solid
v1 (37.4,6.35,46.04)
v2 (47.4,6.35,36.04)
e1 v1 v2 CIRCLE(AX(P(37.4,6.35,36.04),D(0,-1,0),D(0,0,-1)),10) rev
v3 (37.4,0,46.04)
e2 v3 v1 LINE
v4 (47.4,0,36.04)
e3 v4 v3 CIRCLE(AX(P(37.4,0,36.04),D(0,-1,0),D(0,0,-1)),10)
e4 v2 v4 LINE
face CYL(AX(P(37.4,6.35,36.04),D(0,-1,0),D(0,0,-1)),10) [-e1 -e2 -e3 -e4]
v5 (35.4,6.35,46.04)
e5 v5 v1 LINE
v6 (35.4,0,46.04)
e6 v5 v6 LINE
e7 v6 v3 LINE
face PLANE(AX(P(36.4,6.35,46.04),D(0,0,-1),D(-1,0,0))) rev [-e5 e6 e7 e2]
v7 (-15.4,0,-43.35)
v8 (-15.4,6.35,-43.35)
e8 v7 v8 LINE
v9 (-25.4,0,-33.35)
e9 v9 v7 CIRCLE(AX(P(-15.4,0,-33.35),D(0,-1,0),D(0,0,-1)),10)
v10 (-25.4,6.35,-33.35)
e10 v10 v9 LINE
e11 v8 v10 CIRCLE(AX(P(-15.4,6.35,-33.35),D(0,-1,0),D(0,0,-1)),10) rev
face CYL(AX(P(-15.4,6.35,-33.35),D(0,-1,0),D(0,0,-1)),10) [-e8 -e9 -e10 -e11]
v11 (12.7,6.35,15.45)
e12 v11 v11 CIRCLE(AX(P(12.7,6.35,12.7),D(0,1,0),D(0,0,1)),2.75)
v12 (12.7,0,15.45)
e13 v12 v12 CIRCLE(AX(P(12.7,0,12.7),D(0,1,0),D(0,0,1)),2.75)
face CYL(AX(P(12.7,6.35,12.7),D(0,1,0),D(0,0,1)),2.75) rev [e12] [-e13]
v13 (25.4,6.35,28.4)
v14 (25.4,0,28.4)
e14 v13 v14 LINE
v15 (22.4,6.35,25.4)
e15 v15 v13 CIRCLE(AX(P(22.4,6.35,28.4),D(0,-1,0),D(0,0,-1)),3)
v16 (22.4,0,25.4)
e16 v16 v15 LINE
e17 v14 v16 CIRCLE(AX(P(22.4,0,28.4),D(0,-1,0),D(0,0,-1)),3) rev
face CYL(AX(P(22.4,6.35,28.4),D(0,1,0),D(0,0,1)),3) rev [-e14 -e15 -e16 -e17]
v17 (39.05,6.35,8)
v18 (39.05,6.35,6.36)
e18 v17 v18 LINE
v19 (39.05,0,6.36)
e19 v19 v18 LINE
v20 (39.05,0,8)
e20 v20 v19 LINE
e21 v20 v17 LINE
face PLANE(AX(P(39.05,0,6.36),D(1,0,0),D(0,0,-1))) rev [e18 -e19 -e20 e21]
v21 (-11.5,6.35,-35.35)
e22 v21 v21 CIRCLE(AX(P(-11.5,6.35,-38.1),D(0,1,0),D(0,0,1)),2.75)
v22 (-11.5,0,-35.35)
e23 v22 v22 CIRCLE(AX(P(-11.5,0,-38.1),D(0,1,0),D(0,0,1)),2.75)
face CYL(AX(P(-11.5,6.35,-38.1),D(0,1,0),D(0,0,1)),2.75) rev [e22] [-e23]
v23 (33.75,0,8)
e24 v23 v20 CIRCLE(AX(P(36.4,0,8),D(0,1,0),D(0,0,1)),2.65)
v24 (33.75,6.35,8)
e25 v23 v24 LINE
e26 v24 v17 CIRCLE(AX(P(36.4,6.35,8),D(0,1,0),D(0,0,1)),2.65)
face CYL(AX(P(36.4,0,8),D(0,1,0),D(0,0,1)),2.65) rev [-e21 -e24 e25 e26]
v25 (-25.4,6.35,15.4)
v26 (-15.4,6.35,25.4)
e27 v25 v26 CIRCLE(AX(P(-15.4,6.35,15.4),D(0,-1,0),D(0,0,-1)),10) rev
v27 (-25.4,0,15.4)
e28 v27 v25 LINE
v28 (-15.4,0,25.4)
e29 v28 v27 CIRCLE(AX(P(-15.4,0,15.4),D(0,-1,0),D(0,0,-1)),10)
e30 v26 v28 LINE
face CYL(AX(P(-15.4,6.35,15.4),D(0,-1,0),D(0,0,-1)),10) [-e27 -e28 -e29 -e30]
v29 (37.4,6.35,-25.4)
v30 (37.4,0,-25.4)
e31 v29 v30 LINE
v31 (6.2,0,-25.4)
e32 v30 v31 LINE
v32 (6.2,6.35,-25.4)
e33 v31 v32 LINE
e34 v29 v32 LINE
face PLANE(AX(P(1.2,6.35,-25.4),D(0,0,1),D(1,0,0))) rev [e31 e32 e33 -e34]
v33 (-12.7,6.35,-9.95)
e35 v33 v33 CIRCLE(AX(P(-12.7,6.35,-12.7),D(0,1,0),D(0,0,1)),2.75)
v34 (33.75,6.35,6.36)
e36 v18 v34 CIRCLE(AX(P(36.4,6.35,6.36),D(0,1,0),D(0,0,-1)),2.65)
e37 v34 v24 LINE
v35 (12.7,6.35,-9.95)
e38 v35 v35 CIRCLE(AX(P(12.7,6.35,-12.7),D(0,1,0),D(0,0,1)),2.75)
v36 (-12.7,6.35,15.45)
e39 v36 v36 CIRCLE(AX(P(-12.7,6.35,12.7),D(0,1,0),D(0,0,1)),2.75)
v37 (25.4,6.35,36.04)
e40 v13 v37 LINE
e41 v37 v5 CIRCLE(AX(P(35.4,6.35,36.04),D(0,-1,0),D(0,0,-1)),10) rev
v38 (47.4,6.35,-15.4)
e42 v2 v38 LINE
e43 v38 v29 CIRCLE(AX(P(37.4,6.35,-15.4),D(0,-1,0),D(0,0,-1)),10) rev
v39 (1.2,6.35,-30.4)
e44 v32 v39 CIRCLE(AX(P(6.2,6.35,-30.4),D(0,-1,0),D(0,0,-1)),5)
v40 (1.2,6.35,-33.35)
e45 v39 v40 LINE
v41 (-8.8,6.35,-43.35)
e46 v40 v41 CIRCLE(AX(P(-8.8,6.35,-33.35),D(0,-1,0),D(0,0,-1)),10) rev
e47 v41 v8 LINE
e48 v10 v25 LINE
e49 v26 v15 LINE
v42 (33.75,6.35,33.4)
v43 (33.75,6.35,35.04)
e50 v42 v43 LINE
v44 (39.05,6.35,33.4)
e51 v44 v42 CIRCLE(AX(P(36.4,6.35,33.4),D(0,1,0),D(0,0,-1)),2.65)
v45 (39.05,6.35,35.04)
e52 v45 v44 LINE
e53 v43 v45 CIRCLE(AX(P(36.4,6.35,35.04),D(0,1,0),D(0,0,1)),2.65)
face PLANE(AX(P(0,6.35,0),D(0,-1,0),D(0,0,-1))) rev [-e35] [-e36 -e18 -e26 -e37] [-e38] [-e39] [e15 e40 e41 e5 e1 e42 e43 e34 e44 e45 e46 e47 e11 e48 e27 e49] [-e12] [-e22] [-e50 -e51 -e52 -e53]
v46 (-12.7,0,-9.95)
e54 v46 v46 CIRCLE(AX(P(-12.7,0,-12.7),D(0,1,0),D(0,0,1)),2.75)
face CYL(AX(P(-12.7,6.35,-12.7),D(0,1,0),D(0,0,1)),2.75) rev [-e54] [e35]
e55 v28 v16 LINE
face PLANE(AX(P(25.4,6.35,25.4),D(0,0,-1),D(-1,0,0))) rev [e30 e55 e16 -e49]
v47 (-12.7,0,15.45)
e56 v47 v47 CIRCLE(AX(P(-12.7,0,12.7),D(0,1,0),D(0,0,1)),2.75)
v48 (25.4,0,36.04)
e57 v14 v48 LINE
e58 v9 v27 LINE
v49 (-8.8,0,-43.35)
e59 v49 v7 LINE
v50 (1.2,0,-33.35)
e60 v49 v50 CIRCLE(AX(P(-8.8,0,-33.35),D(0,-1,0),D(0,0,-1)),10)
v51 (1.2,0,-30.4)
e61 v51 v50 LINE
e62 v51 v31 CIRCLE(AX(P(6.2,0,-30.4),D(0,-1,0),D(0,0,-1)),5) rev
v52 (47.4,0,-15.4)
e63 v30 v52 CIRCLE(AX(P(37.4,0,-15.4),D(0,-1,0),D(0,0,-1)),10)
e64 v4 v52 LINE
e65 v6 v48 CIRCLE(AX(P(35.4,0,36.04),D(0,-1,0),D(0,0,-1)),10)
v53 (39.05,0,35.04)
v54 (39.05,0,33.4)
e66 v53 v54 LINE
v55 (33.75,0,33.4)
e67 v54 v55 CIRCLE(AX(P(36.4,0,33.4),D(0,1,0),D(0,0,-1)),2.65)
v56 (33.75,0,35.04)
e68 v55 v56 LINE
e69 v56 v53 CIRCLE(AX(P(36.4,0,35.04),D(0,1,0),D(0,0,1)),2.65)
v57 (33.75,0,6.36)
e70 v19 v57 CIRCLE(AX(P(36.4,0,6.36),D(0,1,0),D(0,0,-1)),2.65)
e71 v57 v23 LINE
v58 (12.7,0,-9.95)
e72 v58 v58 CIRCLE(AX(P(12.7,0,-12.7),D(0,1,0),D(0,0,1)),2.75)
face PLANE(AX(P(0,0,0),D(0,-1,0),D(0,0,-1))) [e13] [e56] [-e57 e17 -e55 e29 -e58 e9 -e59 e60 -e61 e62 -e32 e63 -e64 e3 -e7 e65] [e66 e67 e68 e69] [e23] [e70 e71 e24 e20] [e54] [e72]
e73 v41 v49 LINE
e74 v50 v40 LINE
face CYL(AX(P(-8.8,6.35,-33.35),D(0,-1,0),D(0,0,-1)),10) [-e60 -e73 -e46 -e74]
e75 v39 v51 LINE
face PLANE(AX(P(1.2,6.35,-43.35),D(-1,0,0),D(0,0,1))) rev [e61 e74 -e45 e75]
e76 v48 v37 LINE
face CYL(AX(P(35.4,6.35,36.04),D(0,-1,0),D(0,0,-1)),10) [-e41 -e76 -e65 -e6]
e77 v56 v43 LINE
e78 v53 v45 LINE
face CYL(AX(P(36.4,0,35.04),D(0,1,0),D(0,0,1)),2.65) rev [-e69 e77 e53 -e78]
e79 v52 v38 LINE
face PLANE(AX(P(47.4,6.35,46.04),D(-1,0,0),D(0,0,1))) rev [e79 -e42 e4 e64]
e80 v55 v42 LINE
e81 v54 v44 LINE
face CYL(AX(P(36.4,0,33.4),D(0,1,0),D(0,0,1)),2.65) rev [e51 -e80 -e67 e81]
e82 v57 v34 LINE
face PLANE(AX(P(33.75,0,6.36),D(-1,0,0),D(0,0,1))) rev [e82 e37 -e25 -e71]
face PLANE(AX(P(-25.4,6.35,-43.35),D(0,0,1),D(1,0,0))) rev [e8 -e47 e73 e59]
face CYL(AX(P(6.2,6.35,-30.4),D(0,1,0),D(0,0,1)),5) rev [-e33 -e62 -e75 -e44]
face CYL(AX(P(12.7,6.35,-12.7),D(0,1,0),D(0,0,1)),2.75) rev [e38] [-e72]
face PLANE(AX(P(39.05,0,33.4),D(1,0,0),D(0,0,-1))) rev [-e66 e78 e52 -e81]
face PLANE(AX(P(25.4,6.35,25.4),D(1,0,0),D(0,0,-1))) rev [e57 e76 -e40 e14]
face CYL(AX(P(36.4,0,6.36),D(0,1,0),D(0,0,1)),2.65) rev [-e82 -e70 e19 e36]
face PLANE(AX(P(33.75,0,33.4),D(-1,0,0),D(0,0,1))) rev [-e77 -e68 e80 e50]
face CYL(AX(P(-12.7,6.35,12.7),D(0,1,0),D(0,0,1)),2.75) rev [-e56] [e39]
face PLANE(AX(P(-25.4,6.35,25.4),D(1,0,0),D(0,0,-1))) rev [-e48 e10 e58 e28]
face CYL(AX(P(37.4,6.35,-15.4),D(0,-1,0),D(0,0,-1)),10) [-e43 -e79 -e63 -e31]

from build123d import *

# Parameters (mm, degrees)
BOSS_EXTRUDE1_DEPTH  = 6.35
M5_CLEARANCE_HOLE1_D = 5.5
CUT_EXTRUDE2_DEPTH   = 7.35
FILLET1_R            = 10
FILLET2_R            = 3
FILLET3_R            = 5


with BuildPart() as part:
    # Sketch1 → Boss-Extrude1 (new body)
    with BuildSketch(Plane(origin=(0, 0, 0), x_dir=(1, 0, 0), z_dir=(0, 1, 0))):
        Polygon((25.4, -25.4), (-25.4, -25.4), (-25.4, 25.4), (-25.4, 43.35), (1.2, 43.35), (1.2, 25.4), (25.4, 25.4), (47.4, 25.4), (47.4, -46.04), (36.4, -46.04), (25.4, -46.04), align=None)
    extrude(amount=BOSS_EXTRUDE1_DEPTH)

    # M5 Clearance Hole1 (through all)
    with Locations(Plane(origin=(0, 6.35, 0), x_dir=(1, 0, 0), z_dir=(0, 1, 0))):
        with Locations((-12.7, 12.7), (12.7, 12.7), (12.7, -12.7), (-12.7, -12.7), (-11.5, 38.1)):
            Hole(M5_CLEARANCE_HOLE1_D / 2)

    # Sketch7 → Cut-Extrude2 (cut, through all)
    with BuildSketch(Plane(origin=(0, 6.35, 0), x_dir=(1, 0, 0), z_dir=(0, 1, 0))):
        with BuildLine():
            Line((33.75, -33.4), (33.75, -35.04))
            ThreePointArc((33.75, -35.04), (36.4, -37.69), (39.05, -35.04))
            Line((39.05, -35.04), (39.05, -33.4))
            ThreePointArc((39.05, -33.4), (36.4, -30.75), (33.75, -33.4))
        make_face()
        with BuildLine():
            Line((33.75, -6.36), (33.75, -8))
            ThreePointArc((33.75, -8), (36.4, -10.65), (39.05, -8))
            Line((39.05, -8), (39.05, -6.36))
            ThreePointArc((39.05, -6.36), (36.4, -3.71), (33.75, -6.36))
        make_face()
    extrude(amount=-CUT_EXTRUDE2_DEPTH, mode=Mode.SUBTRACT)

    # Fillet1
    fillet1_edges = [part.edges().sort_by_distance(p)[0] for p in [
        (-25.4, 3.175, -43.35),
        (1.2, 3.175, -43.35),
        (47.4, 3.175, -25.4),
        (47.4, 3.175, 46.04),
        (25.4, 3.175, 46.04),
        (-25.4, 3.175, 25.4),
    ]]
    fillet(fillet1_edges, radius=FILLET1_R)

    # Fillet2
    fillet2_edges = [part.edges().sort_by_distance(p)[0] for p in [
        (25.4, 3.175, 25.4),
    ]]
    fillet(fillet2_edges, radius=FILLET2_R)

    # Fillet3
    fillet3_edges = [part.edges().sort_by_distance(p)[0] for p in [
        (1.2, 3.175, -25.4),
    ]]
    fillet(fillet3_edges, radius=FILLET3_R)


solid = part.part
